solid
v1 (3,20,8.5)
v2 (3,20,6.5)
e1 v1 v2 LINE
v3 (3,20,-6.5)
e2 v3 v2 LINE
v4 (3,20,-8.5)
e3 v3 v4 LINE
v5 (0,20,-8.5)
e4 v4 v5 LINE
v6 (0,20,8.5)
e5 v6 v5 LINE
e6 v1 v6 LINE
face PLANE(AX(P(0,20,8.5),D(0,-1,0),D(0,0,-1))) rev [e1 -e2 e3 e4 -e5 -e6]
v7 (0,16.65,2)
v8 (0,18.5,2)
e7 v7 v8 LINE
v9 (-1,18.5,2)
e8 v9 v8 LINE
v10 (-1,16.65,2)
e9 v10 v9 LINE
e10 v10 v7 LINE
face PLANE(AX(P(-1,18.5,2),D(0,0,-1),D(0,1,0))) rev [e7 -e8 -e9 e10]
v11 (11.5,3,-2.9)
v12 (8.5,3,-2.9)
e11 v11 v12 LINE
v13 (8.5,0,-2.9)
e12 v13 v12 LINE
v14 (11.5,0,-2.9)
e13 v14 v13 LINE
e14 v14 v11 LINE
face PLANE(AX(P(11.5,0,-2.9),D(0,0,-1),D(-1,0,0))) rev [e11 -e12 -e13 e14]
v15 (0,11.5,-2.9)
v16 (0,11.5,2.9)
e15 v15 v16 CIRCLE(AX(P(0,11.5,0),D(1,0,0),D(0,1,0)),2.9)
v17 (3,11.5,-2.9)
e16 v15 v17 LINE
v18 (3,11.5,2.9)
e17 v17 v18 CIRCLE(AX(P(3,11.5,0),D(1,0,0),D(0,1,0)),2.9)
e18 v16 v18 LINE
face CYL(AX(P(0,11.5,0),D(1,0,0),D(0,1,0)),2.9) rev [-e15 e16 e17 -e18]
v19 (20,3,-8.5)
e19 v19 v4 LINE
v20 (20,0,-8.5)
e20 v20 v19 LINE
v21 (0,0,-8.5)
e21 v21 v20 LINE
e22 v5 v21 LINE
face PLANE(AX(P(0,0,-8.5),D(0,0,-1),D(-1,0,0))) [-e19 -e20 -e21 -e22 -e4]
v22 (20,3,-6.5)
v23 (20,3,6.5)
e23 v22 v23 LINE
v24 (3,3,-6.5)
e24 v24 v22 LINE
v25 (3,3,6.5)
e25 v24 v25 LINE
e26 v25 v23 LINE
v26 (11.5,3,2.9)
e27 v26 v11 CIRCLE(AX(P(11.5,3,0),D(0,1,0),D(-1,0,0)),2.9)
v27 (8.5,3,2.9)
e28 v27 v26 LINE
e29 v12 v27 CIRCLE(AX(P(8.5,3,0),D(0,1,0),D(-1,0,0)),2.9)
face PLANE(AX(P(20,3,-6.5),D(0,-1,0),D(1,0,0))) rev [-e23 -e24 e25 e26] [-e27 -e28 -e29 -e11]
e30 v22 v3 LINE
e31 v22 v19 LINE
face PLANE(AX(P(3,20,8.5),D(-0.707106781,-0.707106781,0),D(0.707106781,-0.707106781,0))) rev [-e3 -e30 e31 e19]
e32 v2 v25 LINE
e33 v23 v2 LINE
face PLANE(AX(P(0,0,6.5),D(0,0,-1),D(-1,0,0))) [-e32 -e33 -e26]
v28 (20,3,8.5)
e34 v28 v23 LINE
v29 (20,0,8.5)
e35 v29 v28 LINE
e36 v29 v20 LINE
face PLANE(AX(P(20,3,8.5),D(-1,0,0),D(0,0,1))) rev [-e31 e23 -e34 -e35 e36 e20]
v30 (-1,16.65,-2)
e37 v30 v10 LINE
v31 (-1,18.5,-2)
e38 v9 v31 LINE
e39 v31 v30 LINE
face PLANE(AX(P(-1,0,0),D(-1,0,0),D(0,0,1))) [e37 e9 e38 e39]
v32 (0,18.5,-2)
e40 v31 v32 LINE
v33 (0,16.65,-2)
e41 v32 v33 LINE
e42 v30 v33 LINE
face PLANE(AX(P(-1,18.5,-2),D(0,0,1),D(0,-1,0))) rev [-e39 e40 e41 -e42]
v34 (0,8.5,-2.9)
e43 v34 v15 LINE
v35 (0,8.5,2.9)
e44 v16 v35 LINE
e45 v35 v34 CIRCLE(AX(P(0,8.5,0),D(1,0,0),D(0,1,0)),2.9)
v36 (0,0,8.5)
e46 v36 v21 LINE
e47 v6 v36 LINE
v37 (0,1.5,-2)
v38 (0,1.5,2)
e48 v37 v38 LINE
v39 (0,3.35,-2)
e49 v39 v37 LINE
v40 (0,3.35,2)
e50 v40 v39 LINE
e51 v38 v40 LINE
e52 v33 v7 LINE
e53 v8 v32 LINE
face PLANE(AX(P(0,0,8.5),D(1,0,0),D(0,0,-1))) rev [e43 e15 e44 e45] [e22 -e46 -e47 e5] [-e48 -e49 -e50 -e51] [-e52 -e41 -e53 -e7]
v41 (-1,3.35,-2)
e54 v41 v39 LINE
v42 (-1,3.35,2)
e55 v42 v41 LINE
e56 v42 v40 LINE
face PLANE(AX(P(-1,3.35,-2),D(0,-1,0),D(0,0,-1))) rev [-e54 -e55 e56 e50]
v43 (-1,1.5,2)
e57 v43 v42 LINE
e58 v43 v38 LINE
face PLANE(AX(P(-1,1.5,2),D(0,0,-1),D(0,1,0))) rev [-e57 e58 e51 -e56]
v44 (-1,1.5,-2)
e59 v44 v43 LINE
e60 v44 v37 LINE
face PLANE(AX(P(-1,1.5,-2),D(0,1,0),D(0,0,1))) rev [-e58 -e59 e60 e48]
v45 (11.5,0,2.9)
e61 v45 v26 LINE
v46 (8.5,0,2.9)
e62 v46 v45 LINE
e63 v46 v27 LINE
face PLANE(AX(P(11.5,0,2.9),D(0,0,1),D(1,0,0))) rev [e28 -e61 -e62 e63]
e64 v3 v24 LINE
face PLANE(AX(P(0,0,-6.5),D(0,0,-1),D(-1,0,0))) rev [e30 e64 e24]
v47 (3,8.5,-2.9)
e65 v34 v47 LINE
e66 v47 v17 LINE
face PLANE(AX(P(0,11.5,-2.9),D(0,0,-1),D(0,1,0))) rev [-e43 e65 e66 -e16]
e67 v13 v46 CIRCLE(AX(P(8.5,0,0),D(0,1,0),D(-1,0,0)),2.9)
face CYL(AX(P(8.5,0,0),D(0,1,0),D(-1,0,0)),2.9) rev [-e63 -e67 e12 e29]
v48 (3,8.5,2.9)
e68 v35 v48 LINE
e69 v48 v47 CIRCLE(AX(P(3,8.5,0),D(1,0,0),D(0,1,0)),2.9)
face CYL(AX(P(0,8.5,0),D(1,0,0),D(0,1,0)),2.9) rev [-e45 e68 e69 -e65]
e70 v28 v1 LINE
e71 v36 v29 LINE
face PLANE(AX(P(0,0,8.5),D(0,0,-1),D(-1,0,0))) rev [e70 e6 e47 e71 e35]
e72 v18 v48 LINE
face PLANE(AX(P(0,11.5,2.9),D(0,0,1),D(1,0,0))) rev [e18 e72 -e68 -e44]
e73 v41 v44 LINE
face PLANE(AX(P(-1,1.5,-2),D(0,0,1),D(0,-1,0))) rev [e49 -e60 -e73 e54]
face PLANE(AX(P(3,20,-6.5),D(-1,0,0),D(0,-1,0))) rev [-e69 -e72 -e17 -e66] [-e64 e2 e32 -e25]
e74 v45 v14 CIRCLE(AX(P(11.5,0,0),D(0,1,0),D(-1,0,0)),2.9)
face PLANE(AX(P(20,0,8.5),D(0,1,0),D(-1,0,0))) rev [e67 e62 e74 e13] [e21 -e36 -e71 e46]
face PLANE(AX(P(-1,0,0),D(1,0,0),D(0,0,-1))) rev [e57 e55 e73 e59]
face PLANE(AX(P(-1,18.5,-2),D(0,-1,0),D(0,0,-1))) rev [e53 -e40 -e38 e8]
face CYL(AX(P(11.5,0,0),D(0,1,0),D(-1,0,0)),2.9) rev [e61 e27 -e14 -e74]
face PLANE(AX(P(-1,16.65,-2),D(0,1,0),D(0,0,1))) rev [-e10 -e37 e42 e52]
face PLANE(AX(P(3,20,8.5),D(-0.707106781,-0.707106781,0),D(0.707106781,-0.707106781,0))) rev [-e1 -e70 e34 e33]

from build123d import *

# Parameters (mm, degrees)
BOSS_EXTRUDE1_DEPTH = 8.5
CUT_EXTRUDE1_START  = -2
CUT_EXTRUDE1_DEPTH  = 13
CUT_EXTRUDE2_DEPTH  = 28.590759323
CUT_EXTRUDE3_DEPTH  = 28.590759323
SKETCH5_W           = 4
SKETCH5_H           = 1.85
BOSS_EXTRUDE2_DEPTH = 1


with BuildPart() as part:
    # Sketch1 → Boss-Extrude1 (new, symmetric)
    with BuildSketch(Plane.XY):
        Polygon((0, 0), (0, 20), (3, 20), (20, 3), (20, 0), align=None)
    extrude(amount=BOSS_EXTRUDE1_DEPTH, both=True)

    # Sketch2 → Cut-Extrude1 (cut)
    with BuildSketch(Plane.XY.offset(8.5).offset(CUT_EXTRUDE1_START)):
        Polygon((3, 20), (3, 3), (20, 3), align=None)
    extrude(amount=-CUT_EXTRUDE1_DEPTH, mode=Mode.SUBTRACT)

    # Sketch3 → Cut-Extrude2 (cut, through all)
    with BuildSketch(Plane(origin=(3, 0, 0), x_dir=(0, 0, -1), z_dir=(1, 0, 0))):
        with BuildLine():
            Line((2.9, 11.5), (2.9, 8.5))
            ThreePointArc((2.9, 8.5), (0, 5.6), (-2.9, 8.5))
            Line((-2.9, 8.5), (-2.9, 11.5))
            ThreePointArc((-2.9, 11.5), (0, 14.4), (2.9, 11.5))
        make_face()
    extrude(amount=-CUT_EXTRUDE2_DEPTH, mode=Mode.SUBTRACT)

    # Sketch4 → Cut-Extrude3 (cut, through all)
    with BuildSketch(Plane(origin=(0, 3, 0), x_dir=(1, 0, 0), z_dir=(0, 1, 0))):
        with BuildLine():
            Line((11.5, -2.9), (8.5, -2.9))
            ThreePointArc((8.5, -2.9), (5.6, 0), (8.5, 2.9))
            Line((8.5, 2.9), (11.5, 2.9))
            ThreePointArc((11.5, 2.9), (14.4, 0), (11.5, -2.9))
        make_face()
    extrude(amount=-CUT_EXTRUDE3_DEPTH, mode=Mode.SUBTRACT)

    # Sketch5 → Boss-Extrude2 (add)
    with BuildSketch(Plane.ZY):
        with Locations((0, 17.575)):
            Rectangle(SKETCH5_W, SKETCH5_H)
        with Locations((0, 2.425)):
            Rectangle(SKETCH5_W, SKETCH5_H)
    extrude(amount=BOSS_EXTRUDE2_DEPTH)


solid = part.part
